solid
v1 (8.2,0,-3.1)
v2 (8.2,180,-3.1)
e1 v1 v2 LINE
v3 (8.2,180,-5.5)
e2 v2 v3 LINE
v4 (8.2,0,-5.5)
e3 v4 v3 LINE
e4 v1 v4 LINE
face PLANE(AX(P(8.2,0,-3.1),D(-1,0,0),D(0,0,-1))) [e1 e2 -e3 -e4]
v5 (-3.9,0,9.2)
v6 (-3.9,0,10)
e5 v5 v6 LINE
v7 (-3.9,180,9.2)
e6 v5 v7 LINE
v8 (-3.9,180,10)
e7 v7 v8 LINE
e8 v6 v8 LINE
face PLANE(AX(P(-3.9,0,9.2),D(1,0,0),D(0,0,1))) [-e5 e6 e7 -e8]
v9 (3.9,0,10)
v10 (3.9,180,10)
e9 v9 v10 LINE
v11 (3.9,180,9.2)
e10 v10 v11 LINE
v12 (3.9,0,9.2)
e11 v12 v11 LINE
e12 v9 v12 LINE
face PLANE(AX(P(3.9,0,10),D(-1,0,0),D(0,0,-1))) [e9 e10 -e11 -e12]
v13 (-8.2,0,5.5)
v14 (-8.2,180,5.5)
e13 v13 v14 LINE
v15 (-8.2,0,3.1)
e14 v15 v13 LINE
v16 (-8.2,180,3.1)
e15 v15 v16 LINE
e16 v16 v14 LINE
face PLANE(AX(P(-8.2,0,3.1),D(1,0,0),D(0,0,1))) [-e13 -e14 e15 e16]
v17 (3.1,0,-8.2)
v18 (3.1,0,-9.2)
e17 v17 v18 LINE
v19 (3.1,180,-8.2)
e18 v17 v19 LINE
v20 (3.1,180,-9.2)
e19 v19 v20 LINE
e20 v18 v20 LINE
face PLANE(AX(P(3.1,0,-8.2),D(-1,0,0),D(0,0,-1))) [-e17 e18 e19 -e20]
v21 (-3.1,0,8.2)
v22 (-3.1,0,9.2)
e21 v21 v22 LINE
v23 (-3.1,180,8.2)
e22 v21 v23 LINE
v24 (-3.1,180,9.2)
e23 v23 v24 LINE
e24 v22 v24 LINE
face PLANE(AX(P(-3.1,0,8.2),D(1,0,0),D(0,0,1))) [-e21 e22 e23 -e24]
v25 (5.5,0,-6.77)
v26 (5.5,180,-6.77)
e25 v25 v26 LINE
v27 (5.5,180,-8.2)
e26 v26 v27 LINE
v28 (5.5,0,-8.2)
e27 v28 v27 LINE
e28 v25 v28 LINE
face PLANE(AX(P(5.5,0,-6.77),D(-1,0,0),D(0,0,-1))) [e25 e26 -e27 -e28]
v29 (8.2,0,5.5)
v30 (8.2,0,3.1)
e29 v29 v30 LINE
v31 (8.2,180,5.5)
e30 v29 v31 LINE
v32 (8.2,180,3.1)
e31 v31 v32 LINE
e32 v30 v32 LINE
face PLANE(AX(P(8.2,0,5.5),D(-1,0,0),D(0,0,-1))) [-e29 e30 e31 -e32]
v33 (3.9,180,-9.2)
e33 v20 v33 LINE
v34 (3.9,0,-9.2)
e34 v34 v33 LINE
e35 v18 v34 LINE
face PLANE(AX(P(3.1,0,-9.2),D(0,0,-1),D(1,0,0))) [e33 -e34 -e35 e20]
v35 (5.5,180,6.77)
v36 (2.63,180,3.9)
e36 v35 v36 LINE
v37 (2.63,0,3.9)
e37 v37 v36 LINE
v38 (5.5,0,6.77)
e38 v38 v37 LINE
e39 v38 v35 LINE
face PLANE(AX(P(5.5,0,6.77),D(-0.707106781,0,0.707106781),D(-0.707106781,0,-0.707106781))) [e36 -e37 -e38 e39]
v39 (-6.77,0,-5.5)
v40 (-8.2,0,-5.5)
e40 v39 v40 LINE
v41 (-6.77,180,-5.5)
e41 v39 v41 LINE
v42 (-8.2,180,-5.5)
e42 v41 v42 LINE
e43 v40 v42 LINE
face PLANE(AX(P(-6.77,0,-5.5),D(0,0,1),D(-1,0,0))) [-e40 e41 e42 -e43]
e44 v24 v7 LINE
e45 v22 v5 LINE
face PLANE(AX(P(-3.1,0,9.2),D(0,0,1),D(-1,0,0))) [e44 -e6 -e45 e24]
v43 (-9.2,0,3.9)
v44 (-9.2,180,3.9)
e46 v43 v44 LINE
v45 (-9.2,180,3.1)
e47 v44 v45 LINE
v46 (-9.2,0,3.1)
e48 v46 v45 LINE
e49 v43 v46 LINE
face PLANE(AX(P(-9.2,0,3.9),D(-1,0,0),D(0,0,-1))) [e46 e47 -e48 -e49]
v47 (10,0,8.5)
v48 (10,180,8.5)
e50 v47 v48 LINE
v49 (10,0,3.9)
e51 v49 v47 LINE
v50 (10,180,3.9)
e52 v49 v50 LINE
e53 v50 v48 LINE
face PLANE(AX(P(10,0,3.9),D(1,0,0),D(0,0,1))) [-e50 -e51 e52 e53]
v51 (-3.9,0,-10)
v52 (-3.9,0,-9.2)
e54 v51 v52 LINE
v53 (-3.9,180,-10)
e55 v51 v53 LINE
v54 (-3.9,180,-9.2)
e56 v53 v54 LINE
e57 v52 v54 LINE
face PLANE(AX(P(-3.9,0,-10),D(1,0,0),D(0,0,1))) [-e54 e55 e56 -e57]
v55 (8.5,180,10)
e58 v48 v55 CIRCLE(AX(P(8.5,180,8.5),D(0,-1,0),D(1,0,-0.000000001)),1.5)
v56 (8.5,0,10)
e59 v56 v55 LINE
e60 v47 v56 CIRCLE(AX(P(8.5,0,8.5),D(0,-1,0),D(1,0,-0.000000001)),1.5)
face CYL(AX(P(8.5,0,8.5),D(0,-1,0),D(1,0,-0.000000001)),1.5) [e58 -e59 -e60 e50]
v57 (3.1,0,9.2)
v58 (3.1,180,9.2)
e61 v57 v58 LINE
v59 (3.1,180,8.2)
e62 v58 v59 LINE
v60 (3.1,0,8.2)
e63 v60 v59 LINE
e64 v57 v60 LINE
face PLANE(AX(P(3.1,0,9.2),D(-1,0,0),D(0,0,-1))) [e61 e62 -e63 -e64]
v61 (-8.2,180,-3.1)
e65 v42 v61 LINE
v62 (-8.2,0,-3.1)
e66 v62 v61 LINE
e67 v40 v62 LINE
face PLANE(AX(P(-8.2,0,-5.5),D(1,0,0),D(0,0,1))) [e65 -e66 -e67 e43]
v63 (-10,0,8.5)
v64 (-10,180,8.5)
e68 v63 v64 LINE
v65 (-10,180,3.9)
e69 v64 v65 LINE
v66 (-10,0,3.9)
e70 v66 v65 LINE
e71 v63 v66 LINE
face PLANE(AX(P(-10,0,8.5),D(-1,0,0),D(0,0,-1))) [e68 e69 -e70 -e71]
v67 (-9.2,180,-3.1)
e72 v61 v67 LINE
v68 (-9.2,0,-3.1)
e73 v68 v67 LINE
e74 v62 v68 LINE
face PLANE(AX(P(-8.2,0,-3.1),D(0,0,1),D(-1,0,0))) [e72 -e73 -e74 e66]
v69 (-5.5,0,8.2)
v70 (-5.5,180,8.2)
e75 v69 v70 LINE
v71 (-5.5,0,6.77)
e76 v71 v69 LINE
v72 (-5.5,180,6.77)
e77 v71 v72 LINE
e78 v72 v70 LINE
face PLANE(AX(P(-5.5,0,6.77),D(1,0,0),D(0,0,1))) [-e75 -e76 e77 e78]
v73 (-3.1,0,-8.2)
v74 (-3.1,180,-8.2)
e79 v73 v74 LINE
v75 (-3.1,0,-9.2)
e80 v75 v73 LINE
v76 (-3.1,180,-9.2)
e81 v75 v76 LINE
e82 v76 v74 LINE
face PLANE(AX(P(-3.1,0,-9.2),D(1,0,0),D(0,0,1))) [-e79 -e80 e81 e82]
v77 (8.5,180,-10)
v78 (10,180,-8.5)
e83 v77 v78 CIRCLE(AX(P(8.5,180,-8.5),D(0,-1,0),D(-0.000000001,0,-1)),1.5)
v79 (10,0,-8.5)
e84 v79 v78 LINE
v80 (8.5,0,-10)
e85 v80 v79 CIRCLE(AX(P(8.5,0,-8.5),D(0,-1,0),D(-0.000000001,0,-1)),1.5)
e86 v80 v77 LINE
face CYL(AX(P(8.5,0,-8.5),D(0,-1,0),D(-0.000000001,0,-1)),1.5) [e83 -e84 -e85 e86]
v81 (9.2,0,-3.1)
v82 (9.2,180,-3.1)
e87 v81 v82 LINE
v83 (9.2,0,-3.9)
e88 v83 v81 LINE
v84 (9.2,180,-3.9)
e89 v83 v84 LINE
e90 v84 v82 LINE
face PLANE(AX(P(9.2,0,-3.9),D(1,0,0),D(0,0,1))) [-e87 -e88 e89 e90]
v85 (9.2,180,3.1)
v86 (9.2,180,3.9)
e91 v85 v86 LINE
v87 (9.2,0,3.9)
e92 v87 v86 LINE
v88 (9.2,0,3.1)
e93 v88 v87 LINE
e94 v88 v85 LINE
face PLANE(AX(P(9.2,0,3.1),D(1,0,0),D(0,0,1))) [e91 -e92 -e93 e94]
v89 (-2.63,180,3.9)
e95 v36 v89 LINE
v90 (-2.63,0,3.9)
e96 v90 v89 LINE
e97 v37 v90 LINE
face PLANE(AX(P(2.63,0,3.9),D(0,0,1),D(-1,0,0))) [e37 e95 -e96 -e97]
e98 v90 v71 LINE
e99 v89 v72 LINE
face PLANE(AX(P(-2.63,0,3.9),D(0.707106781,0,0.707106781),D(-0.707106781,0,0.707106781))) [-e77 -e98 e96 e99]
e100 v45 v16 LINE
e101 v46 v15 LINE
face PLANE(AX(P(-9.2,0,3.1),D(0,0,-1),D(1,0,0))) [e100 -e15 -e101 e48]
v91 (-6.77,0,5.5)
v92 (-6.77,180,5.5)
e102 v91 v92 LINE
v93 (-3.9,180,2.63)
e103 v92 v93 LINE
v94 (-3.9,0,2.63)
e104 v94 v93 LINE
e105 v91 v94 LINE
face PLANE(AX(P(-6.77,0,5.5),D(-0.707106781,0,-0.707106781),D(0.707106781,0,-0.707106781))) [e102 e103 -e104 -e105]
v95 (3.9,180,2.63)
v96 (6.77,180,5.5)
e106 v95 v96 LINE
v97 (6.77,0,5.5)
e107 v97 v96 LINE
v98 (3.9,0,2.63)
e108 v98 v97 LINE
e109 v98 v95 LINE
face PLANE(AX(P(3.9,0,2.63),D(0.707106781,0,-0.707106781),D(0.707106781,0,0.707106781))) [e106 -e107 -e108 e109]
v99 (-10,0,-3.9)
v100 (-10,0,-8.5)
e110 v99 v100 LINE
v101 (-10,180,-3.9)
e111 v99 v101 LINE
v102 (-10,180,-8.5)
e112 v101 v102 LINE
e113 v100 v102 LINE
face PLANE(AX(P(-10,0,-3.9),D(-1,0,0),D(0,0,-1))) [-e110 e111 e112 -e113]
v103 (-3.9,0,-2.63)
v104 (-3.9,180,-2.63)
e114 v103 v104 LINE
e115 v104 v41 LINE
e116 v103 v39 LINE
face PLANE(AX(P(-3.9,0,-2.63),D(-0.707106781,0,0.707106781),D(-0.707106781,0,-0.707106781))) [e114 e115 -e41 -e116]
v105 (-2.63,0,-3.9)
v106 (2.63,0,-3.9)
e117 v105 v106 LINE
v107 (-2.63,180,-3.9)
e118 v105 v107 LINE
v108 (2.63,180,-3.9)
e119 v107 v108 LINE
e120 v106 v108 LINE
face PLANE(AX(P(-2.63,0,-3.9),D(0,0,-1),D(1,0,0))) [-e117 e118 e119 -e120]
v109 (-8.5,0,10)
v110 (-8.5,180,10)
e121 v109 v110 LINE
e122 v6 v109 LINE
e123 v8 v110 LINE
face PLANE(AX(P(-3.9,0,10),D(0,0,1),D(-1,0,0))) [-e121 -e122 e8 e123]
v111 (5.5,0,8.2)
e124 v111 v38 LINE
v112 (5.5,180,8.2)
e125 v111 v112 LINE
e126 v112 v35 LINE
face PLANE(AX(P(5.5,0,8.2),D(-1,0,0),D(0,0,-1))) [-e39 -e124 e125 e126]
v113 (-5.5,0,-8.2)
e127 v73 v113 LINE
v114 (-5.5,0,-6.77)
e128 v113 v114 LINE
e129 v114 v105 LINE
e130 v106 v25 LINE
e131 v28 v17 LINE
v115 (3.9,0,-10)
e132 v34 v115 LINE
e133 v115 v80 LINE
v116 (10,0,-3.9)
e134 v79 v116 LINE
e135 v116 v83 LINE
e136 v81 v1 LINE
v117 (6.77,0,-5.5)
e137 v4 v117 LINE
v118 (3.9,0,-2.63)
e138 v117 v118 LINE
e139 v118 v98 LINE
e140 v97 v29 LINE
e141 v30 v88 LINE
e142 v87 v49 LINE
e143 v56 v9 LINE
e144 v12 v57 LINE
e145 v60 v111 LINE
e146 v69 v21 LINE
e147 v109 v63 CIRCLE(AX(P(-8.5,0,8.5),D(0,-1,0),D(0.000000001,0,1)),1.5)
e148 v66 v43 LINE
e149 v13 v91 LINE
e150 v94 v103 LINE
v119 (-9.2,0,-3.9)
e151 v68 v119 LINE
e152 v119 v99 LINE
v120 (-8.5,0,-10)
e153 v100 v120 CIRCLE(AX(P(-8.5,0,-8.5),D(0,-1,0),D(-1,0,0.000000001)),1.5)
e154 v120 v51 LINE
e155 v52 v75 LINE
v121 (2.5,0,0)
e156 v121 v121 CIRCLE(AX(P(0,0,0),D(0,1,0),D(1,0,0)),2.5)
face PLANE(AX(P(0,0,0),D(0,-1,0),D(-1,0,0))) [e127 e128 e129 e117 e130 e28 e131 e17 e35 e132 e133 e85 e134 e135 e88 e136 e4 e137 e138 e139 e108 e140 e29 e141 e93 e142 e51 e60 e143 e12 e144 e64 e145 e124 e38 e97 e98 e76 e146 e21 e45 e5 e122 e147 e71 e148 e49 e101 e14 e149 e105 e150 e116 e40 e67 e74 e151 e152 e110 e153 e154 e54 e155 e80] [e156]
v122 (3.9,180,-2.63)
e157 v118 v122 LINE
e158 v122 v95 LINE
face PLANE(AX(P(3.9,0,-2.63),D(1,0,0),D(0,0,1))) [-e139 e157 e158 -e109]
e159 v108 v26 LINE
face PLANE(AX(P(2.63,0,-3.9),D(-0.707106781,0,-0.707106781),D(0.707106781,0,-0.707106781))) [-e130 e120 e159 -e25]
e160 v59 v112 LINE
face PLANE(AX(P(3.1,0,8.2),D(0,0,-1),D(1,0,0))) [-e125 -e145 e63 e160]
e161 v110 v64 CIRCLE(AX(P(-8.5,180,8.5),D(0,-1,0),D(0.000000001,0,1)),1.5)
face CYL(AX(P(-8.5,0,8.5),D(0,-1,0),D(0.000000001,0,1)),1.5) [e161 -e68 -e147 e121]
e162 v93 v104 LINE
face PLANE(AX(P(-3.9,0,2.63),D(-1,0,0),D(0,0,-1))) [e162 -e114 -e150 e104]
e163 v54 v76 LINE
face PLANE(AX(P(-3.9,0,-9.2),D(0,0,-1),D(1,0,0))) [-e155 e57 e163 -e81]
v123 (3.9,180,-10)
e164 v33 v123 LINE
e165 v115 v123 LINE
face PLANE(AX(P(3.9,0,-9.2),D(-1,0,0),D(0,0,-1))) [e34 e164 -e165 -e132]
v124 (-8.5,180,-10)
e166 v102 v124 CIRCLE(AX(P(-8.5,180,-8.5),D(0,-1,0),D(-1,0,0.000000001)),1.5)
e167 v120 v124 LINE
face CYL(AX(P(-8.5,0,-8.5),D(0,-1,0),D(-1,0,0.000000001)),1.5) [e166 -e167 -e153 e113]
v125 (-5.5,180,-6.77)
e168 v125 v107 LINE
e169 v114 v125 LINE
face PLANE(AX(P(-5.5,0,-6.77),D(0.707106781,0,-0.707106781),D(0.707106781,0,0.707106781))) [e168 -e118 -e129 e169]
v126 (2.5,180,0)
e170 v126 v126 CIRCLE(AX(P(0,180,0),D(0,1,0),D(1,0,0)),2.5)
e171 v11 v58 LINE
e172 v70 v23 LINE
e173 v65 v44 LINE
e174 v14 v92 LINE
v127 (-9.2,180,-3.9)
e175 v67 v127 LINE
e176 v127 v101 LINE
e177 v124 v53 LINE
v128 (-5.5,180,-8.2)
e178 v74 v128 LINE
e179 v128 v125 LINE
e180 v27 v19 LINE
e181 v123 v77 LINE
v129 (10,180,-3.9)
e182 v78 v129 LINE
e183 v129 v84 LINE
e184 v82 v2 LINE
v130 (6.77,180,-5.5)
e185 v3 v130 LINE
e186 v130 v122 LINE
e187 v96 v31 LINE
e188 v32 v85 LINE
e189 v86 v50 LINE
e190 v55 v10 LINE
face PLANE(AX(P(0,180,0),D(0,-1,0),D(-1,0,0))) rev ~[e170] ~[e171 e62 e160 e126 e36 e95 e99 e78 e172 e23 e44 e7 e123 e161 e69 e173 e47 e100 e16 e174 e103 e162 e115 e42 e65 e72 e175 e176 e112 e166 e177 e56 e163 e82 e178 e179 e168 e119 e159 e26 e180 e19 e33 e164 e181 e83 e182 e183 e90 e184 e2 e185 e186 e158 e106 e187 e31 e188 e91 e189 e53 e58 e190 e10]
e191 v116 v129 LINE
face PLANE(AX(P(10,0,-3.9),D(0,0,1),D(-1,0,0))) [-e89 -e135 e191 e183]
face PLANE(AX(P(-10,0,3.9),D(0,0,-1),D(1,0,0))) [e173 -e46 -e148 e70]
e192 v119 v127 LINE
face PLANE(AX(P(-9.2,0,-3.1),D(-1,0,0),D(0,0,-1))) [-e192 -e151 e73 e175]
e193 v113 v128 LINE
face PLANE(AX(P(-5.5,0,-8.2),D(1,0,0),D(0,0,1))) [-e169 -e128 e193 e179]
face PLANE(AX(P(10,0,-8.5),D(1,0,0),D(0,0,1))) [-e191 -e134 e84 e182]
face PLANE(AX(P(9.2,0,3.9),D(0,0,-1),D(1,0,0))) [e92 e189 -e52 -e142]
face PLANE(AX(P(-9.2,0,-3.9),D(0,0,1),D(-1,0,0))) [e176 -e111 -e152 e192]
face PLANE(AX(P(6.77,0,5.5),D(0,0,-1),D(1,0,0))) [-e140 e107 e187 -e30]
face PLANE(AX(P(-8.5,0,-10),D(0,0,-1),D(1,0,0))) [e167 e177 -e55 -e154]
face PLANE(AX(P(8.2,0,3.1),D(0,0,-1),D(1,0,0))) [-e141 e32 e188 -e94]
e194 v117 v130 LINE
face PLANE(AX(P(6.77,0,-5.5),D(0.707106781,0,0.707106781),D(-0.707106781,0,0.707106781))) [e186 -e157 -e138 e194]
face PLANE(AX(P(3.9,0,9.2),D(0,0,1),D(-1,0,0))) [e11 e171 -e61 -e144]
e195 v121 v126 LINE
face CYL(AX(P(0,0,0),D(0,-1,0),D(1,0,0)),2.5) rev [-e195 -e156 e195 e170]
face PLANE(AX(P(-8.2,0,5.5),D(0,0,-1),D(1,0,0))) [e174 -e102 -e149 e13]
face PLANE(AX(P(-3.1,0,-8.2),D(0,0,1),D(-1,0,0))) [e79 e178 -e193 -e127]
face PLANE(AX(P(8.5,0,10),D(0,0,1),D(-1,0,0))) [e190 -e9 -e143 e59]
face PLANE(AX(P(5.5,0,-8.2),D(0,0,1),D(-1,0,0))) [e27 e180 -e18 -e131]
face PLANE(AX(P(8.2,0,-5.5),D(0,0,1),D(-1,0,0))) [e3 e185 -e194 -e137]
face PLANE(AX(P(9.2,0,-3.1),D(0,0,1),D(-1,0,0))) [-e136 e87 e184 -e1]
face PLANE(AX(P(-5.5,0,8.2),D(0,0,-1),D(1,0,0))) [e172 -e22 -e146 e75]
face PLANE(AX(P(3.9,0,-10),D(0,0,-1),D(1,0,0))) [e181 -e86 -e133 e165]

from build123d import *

# Parameters (mm, degrees)
SKETCH1_R           = 2.5
BOSS_EXTRUDE1_DEPTH = 180


with BuildPart() as part:
    # Sketch1 → Boss-Extrude1 (new body)
    with BuildSketch(Plane(origin=(0, 0, 0), x_dir=(1, 0, 0), z_dir=(0, 1, 0))):
        with BuildLine():
            Line((3.9, 10), (8.5, 10))
            ThreePointArc((8.5, 10), (9.560660172, 9.560660172), (10, 8.5))
            Line((10, 8.5), (10, 3.9))
            Line((10, 3.9), (9.2, 3.9))
            Line((9.2, 3.9), (9.2, 3.1))
            Line((9.2, 3.1), (8.2, 3.1))
            Line((8.2, 3.1), (8.2, 5.5))
            Line((8.2, 5.5), (6.77, 5.5))
            Line((6.77, 5.5), (3.9, 2.63))
            Line((3.9, 2.63), (3.9, 0))
            Line((3.9, 0), (3.9, -2.63))
            Line((3.9, -2.63), (6.77, -5.5))
            Line((6.77, -5.5), (8.2, -5.5))
            Line((8.2, -5.5), (8.2, -3.1))
            Line((8.2, -3.1), (9.2, -3.1))
            Line((9.2, -3.1), (9.2, -3.9))
            Line((9.2, -3.9), (10, -3.9))
            Line((10, -3.9), (10, -8.5))
            ThreePointArc((10, -8.5), (9.560660172, -9.560660172), (8.5, -10))
            Line((8.5, -10), (3.9, -10))
            Line((3.9, -10), (3.9, -9.2))
            Line((3.9, -9.2), (3.1, -9.2))
            Line((3.1, -9.2), (3.1, -8.2))
            Line((3.1, -8.2), (5.5, -8.2))
            Line((5.5, -8.2), (5.5, -6.77))
            Line((5.5, -6.77), (2.63, -3.9))
            Line((2.63, -3.9), (0, -3.9))
            Line((0, -3.9), (-2.63, -3.9))
            Line((-2.63, -3.9), (-5.5, -6.77))
            Line((-5.5, -6.77), (-5.5, -8.2))
            Line((-5.5, -8.2), (-3.1, -8.2))
            Line((-3.1, -8.2), (-3.1, -9.2))
            Line((-3.1, -9.2), (-3.9, -9.2))
            Line((-3.9, -9.2), (-3.9, -10))
            Line((-3.9, -10), (-8.5, -10))
            ThreePointArc((-8.5, -10), (-9.560660172, -9.560660172), (-10, -8.5))
            Line((-10, -8.5), (-10, -3.9))
            Line((-10, -3.9), (-9.2, -3.9))
            Line((-9.2, -3.9), (-9.2, -3.1))
            Line((-9.2, -3.1), (-8.2, -3.1))
            Line((-8.2, -3.1), (-8.2, -5.5))
            Line((-8.2, -5.5), (-6.77, -5.5))
            Line((-6.77, -5.5), (-3.9, -2.63))
            Line((-3.9, -2.63), (-3.9, 0))
            Line((-3.9, 0), (-3.9, 2.63))
            Line((-3.9, 2.63), (-6.77, 5.5))
            Line((-6.77, 5.5), (-8.2, 5.5))
            Line((-8.2, 5.5), (-8.2, 3.1))
            Line((-8.2, 3.1), (-9.2, 3.1))
            Line((-9.2, 3.1), (-9.2, 3.9))
            Line((-9.2, 3.9), (-10, 3.9))
            Line((-10, 3.9), (-10, 8.5))
            ThreePointArc((-10, 8.5), (-9.560660172, 9.560660172), (-8.5, 10))
            Line((-8.5, 10), (-3.9, 10))
            Line((-3.9, 10), (-3.9, 9.2))
            Line((-3.9, 9.2), (-3.1, 9.2))
            Line((-3.1, 9.2), (-3.1, 8.2))
            Line((-3.1, 8.2), (-5.5, 8.2))
            Line((-5.5, 8.2), (-5.5, 6.77))
            Line((-5.5, 6.77), (-2.63, 3.9))
            Line((-2.63, 3.9), (2.63, 3.9))
            Line((2.63, 3.9), (5.5, 6.77))
            Line((5.5, 6.77), (5.5, 8.2))
            Line((5.5, 8.2), (3.1, 8.2))
            Line((3.1, 8.2), (3.1, 9.2))
            Line((3.1, 9.2), (3.9, 9.2))
            Line((3.9, 9.2), (3.9, 10))
        make_face()
        Circle(SKETCH1_R, mode=Mode.SUBTRACT)
    extrude(amount=BOSS_EXTRUDE1_DEPTH)


solid = part.part
